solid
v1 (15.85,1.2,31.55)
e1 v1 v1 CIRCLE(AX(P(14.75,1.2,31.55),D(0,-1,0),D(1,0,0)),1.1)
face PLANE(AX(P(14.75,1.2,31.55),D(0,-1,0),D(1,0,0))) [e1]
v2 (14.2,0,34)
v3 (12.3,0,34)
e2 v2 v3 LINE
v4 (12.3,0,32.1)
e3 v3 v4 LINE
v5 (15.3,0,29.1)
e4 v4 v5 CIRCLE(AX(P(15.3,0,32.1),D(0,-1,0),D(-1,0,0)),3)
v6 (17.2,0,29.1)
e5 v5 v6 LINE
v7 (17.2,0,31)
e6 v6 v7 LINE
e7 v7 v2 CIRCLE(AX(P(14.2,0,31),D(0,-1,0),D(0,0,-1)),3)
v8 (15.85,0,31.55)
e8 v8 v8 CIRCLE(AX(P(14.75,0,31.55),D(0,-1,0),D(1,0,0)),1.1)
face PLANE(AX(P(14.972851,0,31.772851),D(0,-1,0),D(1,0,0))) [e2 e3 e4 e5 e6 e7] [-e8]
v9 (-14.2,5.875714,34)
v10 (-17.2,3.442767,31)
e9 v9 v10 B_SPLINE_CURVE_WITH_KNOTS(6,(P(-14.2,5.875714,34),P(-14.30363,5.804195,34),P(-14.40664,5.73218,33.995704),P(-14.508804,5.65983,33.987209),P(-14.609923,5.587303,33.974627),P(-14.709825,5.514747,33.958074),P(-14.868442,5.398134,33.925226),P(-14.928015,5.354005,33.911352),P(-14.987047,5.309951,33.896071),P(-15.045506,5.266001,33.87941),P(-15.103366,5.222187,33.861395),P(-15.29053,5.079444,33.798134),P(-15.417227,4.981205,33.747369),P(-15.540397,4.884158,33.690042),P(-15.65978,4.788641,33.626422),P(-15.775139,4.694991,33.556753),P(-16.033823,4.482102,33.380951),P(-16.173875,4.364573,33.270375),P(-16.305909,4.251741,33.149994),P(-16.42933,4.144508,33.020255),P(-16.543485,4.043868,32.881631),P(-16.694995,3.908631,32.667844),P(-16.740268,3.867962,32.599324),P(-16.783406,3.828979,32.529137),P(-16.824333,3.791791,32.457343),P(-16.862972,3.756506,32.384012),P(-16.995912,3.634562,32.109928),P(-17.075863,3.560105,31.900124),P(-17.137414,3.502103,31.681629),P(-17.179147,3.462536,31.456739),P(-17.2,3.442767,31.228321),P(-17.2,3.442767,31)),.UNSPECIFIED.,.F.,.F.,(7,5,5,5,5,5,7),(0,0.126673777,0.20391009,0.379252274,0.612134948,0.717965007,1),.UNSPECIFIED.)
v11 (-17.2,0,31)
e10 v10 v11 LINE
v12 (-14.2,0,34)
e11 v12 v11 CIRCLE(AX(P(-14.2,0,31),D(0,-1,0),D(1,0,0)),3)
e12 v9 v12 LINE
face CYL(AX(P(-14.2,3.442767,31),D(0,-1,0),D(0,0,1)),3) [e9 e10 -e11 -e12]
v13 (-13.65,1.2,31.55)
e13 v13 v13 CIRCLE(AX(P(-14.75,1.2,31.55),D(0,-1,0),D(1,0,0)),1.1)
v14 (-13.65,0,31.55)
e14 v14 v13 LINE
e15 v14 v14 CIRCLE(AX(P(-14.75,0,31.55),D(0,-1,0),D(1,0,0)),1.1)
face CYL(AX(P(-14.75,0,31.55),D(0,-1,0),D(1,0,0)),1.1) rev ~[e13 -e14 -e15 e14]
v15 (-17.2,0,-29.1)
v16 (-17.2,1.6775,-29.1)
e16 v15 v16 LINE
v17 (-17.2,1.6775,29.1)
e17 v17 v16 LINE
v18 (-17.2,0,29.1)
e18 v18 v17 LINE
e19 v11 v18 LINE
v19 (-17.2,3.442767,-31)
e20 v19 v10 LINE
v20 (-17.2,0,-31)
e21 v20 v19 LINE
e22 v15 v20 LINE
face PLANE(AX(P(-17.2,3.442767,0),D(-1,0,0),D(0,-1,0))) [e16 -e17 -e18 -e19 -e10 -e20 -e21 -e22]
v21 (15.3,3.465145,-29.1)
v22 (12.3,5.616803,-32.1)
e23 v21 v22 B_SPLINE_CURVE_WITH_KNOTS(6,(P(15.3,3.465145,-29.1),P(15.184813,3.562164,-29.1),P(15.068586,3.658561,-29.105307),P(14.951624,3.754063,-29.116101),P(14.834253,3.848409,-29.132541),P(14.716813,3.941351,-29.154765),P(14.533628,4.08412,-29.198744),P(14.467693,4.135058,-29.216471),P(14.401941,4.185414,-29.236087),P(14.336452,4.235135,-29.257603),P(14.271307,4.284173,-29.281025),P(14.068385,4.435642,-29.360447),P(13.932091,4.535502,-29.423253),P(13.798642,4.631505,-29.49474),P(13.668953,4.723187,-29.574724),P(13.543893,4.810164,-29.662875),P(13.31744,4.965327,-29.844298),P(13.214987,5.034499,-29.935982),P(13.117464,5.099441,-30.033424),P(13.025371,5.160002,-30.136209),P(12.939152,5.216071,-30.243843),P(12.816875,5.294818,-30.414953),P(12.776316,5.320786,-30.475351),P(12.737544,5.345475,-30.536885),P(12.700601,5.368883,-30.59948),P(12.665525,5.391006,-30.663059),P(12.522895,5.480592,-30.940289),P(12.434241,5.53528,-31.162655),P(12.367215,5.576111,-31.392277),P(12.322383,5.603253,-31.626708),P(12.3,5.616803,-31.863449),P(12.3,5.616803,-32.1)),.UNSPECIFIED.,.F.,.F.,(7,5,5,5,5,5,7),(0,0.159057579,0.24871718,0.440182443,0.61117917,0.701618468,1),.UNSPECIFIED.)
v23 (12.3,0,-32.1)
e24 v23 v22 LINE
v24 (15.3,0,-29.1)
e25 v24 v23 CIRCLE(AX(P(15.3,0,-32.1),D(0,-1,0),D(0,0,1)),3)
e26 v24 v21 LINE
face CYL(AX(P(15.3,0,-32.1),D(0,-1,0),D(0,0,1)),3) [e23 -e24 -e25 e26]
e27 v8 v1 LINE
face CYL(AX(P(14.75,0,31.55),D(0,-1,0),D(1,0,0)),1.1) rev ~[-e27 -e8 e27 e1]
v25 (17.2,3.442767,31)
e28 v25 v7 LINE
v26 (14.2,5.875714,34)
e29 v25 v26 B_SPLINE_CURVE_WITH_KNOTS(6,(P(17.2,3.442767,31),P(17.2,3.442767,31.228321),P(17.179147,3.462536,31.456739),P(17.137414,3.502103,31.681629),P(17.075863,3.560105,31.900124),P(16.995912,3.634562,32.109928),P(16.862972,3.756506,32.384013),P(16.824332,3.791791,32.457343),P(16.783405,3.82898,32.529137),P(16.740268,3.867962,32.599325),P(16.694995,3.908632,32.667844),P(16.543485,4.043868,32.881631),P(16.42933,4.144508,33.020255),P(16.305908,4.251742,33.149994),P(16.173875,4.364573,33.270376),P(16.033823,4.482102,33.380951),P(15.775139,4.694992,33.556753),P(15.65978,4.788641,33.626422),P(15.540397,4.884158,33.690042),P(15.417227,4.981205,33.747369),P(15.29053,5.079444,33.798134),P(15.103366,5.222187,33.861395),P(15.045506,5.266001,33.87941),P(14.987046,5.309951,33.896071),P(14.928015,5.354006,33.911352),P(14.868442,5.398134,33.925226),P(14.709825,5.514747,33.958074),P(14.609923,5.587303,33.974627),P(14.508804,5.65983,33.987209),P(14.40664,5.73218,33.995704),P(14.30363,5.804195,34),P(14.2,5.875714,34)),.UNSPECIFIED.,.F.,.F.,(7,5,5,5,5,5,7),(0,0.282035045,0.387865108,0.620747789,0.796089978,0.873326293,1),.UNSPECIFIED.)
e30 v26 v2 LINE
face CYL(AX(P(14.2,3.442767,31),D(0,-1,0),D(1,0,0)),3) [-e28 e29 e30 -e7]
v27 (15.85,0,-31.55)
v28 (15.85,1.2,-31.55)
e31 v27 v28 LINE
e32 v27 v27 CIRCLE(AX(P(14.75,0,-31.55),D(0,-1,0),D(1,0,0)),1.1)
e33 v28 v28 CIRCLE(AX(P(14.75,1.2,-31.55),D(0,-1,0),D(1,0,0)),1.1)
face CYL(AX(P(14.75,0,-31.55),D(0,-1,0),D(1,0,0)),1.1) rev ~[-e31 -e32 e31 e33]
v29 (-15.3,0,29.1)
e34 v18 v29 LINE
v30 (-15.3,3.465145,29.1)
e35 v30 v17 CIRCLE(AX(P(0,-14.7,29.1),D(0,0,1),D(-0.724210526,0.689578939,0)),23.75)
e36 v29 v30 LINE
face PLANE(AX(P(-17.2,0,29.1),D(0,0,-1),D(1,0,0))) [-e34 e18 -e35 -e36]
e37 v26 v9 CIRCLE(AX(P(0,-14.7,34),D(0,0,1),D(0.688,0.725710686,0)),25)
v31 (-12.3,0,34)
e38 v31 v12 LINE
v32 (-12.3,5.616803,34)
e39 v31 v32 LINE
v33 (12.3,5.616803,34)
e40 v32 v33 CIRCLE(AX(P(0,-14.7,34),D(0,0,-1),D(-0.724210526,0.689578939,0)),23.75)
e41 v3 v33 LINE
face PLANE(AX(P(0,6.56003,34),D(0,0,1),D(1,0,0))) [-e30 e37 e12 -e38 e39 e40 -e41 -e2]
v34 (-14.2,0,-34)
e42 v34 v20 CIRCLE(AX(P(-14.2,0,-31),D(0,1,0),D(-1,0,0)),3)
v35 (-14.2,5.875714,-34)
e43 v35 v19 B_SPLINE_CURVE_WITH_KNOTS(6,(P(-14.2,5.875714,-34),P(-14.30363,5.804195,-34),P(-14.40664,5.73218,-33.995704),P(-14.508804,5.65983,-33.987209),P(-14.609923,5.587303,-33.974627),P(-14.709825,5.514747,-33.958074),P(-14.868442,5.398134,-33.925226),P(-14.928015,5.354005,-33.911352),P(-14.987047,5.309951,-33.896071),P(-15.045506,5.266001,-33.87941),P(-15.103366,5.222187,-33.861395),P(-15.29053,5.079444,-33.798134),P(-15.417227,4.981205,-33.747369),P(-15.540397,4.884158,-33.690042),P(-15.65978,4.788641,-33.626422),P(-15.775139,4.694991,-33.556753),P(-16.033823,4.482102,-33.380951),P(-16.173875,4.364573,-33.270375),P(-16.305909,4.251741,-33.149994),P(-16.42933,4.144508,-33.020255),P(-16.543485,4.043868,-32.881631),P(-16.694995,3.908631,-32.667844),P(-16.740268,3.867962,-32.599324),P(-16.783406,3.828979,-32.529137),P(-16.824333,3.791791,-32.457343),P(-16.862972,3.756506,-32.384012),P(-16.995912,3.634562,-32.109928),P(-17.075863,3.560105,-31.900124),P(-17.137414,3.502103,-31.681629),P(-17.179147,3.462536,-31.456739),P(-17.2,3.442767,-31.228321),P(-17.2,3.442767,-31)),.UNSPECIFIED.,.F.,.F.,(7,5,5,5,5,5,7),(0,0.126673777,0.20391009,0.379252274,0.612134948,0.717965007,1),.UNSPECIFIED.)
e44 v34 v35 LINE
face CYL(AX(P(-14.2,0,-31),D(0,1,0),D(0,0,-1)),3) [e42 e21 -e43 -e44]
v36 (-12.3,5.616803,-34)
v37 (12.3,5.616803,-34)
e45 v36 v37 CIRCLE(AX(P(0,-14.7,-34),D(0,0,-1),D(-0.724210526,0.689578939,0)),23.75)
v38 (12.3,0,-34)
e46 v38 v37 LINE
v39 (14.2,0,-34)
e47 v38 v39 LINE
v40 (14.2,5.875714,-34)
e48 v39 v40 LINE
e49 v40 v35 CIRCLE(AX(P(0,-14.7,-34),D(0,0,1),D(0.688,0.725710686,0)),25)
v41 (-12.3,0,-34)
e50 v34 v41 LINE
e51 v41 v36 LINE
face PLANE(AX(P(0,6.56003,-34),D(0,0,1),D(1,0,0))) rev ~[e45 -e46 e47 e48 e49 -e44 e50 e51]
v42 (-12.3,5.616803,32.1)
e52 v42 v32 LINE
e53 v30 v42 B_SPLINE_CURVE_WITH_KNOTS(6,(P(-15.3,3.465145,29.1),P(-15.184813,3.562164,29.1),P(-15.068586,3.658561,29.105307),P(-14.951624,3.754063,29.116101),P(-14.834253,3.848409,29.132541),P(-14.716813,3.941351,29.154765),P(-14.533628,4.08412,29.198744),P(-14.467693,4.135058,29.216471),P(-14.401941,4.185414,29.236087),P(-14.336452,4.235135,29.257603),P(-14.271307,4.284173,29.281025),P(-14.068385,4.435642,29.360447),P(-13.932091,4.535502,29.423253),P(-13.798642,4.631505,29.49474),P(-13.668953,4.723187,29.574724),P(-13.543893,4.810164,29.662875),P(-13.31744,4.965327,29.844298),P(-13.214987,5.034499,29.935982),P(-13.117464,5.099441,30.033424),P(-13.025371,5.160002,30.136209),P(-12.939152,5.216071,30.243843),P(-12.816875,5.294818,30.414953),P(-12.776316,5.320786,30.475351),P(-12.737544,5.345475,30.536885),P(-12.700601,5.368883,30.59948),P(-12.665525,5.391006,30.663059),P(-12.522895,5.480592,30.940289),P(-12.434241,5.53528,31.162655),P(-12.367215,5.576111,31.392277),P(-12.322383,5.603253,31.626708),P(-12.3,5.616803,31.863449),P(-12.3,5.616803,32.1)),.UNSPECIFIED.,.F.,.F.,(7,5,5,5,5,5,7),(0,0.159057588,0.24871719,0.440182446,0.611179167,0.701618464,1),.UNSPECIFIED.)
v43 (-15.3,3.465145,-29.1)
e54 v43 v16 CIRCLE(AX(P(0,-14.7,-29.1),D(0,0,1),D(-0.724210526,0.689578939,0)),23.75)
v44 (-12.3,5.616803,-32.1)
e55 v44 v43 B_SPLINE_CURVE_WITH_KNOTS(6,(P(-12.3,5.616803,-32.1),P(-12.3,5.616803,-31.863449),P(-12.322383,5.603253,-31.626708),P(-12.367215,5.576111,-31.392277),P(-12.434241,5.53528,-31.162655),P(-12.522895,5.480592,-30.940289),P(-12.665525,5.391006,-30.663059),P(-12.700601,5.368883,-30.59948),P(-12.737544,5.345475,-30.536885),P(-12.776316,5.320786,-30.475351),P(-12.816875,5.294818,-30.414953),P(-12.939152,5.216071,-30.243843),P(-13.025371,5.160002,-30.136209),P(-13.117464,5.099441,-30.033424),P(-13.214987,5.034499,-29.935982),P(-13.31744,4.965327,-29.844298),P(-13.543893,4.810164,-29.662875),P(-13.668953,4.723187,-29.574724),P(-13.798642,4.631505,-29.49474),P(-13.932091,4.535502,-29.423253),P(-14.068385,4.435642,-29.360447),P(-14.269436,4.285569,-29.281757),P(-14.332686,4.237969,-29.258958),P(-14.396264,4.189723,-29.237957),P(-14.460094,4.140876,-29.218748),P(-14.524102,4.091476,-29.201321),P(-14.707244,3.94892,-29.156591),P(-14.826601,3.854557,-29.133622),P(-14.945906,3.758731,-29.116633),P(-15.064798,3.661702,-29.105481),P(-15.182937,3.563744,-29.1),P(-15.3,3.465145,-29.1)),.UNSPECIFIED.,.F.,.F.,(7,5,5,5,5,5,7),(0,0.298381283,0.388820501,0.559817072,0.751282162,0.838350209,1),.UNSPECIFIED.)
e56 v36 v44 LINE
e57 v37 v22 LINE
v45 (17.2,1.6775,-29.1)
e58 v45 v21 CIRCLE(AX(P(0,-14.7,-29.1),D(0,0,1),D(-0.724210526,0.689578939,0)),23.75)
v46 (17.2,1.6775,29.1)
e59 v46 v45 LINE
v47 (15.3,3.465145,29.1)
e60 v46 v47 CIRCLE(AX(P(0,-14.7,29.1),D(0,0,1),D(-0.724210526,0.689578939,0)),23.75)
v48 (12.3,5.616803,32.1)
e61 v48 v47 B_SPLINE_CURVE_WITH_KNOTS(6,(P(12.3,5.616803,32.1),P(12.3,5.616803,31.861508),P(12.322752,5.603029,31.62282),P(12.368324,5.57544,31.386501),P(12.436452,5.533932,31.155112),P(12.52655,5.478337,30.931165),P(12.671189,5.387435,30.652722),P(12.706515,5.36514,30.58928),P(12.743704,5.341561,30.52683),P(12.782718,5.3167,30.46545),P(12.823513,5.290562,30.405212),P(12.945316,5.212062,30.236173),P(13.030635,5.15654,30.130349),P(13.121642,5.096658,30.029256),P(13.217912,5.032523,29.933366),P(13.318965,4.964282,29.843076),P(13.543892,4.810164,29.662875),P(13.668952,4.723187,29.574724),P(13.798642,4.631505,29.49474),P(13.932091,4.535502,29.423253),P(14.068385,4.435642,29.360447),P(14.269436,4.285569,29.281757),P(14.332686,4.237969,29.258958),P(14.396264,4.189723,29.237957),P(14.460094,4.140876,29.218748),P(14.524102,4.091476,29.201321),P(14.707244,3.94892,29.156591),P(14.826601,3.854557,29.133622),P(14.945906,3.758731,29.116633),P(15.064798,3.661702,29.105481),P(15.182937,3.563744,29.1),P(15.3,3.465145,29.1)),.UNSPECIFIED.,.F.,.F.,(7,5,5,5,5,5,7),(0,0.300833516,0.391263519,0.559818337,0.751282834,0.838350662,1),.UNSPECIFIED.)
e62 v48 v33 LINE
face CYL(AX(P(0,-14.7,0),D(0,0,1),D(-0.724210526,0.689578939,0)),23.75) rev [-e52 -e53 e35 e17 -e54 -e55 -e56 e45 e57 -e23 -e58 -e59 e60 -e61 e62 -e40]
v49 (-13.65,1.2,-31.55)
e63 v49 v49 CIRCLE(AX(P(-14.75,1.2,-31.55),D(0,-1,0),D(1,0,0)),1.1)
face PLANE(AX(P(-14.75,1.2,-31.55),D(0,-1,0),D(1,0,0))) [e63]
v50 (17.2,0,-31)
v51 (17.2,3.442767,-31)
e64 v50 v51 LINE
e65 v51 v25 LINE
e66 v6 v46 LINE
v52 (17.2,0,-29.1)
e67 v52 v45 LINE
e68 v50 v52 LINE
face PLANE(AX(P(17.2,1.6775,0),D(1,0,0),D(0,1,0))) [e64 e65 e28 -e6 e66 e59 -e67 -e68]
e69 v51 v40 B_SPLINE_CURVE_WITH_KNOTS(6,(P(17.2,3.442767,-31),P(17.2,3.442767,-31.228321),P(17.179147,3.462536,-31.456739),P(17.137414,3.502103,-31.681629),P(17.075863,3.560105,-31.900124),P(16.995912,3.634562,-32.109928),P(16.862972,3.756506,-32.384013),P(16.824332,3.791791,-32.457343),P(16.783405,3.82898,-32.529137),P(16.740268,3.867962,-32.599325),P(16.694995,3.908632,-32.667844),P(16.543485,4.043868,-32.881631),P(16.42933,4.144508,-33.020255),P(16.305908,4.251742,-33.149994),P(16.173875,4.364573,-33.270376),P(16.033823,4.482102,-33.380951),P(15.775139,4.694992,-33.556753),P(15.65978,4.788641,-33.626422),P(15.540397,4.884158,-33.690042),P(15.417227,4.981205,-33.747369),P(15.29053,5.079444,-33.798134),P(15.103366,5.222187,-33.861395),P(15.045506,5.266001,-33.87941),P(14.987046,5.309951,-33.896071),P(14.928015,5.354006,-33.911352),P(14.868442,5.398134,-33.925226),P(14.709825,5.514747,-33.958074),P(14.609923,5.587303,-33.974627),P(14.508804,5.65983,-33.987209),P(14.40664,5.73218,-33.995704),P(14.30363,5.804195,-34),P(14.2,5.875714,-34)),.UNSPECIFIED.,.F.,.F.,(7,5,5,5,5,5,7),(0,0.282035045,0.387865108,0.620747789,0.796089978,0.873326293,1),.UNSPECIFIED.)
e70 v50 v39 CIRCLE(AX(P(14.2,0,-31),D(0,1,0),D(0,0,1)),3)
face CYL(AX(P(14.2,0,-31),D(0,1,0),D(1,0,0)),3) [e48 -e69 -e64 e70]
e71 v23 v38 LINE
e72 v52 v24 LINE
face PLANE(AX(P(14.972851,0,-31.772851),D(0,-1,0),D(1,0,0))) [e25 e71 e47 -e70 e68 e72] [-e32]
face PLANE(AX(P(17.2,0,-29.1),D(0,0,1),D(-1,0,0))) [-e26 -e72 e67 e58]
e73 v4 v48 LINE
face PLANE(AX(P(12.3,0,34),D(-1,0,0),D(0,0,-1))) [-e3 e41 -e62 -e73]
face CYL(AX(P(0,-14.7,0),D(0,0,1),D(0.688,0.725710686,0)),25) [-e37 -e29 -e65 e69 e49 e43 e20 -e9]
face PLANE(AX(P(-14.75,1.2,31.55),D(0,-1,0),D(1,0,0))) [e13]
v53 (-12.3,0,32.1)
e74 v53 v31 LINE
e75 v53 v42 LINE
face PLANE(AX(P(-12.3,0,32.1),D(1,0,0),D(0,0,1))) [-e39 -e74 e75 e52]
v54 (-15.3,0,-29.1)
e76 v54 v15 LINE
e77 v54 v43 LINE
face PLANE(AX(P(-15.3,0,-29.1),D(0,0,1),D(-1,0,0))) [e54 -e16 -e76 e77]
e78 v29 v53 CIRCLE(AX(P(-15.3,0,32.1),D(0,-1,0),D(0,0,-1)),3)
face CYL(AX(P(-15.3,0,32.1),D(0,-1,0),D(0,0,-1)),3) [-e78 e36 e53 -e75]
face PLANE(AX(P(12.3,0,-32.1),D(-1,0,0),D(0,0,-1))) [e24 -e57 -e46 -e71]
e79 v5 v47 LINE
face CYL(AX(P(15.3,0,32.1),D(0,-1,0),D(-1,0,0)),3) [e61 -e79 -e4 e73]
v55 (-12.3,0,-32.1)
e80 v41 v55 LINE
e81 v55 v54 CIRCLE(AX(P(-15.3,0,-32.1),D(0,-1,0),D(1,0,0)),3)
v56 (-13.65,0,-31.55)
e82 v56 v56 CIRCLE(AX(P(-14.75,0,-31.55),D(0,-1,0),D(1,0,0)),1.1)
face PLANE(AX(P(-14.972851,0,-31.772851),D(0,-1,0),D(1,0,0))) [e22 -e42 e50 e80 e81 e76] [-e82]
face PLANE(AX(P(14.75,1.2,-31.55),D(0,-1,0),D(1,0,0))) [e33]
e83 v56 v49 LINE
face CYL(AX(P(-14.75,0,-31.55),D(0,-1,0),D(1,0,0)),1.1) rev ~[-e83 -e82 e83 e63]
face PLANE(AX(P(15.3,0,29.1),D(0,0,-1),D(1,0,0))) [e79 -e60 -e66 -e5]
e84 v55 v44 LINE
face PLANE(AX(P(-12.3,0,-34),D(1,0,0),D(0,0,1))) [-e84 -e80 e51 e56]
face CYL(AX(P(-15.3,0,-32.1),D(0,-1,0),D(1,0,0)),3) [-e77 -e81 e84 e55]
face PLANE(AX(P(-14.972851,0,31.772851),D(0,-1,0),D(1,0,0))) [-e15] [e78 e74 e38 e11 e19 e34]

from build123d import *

# Parameters (mm, degrees)
F1_DEPTH = 34
F2_R     = 1.1
F4_DEPTH = 1.2
F5_R     = 3


with BuildPart() as f1:
    # F0 (on Top) → F1 (new body, symmetric)
    with BuildSketch(Plane.XY):
        with BuildLine():
            Line((17.2, 1.6774998092), (17.2, 3.4427671539))
            ThreePointArc((17.2, 3.4427671539), (0, 10.3), (-17.2, 3.4427671539))
            Line((-17.2, 3.4427671539), (-17.2, 1.6774998092))
            ThreePointArc((-17.2, 1.6774998092), (0, 9.05), (17.2, 1.6774998092))
        make_face()
    extrude(amount=F1_DEPTH, both=True)

    # F2 (on Front) → F3 (join, up to the next surface of F1)
    with BuildSketch(Plane.XZ):
        with BuildLine():
            Line((15.3, 29.1), (17.2, 29.1))
            Line((17.2, 29.1), (17.2, 34))
            Line((17.2, 34), (12.3, 34))
            Line((12.3, 34), (12.3, 32.1))
            ThreePointArc((12.3, 32.1), (13.1786796564, 29.9786796564), (15.3, 29.1))
        make_face()
        with Locations((14.75, 31.55)):
            Circle(F2_R, mode=Mode.SUBTRACT)
        with BuildLine():
            Line((-12.3, 34), (-17.2, 34))
            Line((-17.2, 34), (-17.2, 29.1))
            Line((-17.2, 29.1), (-15.3, 29.1))
            ThreePointArc((-15.3, 29.1), (-13.1786796564, 29.9786796564), (-12.3, 32.1))
            Line((-12.3, 32.1), (-12.3, 34))
        make_face()
        with Locations((-14.75, 31.55)):
            Circle(F2_R, mode=Mode.SUBTRACT)
        with Locations((14.75, 31.55)):
            Circle(F2_R)
        with Locations((-14.75, 31.55)):
            Circle(F2_R)
        with BuildLine():
            Line((-15.3, -29.1), (-17.2, -29.1))
            Line((-17.2, -29.1), (-17.2, -34))
            Line((-17.2, -34), (-12.3, -34))
            Line((-12.3, -34), (-12.3, -32.1))
            ThreePointArc((-12.3, -32.1), (-13.1786796564, -29.9786796564), (-15.3, -29.1))
        make_face()
        with Locations((-14.75, -31.55)):
            Circle(F2_R, mode=Mode.SUBTRACT)
        with Locations((-14.75, -31.55)):
            Circle(F2_R)
        with BuildLine():
            Line((12.3, -34), (17.2, -34))
            Line((17.2, -34), (17.2, -29.1))
            Line((17.2, -29.1), (15.3, -29.1))
            ThreePointArc((15.3, -29.1), (13.1786796564, -29.9786796564), (12.3, -32.1))
            Line((12.3, -32.1), (12.3, -34))
        make_face()
        with Locations((14.75, -31.55)):
            Circle(F2_R, mode=Mode.SUBTRACT)
        with Locations((14.75, -31.55)):
            Circle(F2_R)
    extrude(until=Until.NEXT, dir=(0, 1, 0))

    # F2 (on Front) → F4 (cut)
    with BuildSketch(Plane.XZ):
        with Locations((-14.75, -31.55)):
            Circle(F2_R)
        with Locations((-14.75, 31.55)):
            Circle(F2_R)
        with Locations((14.75, 31.55)):
            Circle(F2_R)
        with Locations((14.75, -31.55)):
            Circle(F2_R)
    extrude(amount=-F4_DEPTH, mode=Mode.SUBTRACT)

    # F5
    f5_edges = [f1.edges().sort_by_distance(p)[0] for p in [
        (-17.2, 1.721384, 34),
        (17.2, 1.721384, 34),
        (-17.2, 1.721384, -34),
        (17.2, 1.721384, -34),
    ]]
    fillet(f5_edges, radius=F5_R)


solid = f1.part
